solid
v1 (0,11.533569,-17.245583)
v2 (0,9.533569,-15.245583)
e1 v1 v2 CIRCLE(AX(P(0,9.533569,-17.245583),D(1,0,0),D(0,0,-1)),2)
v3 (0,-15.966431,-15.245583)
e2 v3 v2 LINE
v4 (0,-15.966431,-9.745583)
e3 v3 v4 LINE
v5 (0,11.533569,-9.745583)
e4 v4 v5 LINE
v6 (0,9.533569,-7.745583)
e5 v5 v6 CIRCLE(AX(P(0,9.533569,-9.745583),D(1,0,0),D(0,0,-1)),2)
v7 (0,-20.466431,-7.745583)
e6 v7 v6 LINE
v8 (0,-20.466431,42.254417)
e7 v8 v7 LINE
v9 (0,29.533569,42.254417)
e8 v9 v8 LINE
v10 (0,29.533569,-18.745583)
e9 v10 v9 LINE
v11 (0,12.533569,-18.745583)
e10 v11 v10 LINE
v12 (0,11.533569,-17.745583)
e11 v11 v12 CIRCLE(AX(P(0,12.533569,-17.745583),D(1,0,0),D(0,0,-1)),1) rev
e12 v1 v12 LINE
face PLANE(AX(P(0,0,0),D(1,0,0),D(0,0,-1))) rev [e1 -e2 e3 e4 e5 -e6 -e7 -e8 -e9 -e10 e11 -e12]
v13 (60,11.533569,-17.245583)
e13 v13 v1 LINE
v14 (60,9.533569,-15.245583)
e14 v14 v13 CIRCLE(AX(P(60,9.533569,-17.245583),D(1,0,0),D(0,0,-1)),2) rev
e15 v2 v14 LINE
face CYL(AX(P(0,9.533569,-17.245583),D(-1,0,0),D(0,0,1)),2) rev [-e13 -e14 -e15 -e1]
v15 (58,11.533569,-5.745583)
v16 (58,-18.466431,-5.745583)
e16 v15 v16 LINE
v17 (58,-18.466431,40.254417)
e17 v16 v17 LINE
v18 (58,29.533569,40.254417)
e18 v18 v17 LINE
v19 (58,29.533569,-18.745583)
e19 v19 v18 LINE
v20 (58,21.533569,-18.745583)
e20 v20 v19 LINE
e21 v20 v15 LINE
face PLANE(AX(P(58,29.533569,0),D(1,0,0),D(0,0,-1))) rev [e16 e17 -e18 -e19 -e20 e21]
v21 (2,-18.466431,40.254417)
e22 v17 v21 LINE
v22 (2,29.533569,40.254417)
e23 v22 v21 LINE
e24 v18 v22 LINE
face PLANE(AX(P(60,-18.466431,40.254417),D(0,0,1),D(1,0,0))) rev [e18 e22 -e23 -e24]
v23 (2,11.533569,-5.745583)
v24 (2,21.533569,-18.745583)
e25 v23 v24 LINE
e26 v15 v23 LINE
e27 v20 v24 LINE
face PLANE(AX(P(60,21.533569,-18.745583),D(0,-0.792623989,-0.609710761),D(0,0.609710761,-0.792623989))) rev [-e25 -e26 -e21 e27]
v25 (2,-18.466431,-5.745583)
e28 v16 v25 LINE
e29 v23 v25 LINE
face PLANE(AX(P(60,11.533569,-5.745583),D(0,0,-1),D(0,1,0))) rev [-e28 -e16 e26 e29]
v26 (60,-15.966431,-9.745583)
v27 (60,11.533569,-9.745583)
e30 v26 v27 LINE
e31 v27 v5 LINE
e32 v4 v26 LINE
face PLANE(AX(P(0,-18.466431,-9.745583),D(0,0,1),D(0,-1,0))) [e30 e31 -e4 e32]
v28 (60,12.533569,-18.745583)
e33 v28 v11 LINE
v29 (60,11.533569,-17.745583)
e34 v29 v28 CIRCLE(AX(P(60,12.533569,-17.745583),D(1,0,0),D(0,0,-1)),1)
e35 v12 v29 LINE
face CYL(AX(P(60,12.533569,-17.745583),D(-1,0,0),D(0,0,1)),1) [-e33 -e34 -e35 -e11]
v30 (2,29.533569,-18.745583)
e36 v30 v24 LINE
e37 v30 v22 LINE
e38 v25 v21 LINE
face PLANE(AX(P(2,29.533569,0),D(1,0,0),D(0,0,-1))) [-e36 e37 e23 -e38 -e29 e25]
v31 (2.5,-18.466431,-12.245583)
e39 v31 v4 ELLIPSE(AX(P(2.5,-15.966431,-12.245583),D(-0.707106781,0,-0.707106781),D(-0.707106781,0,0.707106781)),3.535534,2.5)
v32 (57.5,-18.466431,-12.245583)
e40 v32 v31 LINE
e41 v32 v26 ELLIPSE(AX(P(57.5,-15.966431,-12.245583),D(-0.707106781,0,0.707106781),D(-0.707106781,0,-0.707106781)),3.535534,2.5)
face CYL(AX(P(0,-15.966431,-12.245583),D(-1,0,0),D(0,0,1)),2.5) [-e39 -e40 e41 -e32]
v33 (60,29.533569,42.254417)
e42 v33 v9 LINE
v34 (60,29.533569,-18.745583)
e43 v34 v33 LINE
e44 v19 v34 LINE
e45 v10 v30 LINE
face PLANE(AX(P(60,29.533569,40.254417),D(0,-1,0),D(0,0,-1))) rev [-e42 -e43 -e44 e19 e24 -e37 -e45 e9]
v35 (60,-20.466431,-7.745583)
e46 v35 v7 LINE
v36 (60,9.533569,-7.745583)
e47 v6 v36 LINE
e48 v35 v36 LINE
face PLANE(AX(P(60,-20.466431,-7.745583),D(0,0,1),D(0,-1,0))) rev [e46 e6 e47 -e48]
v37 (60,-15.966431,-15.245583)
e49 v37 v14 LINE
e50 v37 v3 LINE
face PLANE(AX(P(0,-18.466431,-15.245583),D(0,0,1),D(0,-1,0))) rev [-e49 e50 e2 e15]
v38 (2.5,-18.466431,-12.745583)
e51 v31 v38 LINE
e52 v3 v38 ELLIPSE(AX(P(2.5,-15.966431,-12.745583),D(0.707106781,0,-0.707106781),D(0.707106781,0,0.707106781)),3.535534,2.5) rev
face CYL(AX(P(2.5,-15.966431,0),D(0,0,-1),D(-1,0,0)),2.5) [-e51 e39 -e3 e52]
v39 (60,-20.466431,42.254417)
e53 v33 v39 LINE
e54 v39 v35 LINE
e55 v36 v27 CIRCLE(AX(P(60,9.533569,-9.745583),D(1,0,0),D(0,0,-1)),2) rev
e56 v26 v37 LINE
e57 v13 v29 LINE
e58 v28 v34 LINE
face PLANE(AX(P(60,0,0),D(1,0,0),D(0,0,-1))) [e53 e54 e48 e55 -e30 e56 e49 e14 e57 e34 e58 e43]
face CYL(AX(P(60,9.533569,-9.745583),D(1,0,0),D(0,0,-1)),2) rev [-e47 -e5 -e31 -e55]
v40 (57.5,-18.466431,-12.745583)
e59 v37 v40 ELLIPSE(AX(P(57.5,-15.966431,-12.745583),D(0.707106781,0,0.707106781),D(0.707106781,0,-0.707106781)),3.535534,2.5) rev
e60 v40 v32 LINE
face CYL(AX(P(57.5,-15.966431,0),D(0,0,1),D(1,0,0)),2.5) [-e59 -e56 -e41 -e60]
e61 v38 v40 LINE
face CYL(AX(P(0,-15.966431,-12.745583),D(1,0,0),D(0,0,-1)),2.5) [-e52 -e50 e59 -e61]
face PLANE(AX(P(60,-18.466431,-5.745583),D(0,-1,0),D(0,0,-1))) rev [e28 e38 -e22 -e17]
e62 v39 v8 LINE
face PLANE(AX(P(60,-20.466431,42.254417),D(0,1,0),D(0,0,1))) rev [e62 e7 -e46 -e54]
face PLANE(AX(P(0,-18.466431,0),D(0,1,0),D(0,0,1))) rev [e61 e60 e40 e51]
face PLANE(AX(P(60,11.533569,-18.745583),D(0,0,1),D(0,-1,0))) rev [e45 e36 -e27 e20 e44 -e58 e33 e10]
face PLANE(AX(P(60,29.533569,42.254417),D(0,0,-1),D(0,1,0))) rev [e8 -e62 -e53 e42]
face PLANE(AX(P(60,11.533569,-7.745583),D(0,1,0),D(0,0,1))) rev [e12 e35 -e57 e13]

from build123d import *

# Parameters (mm, degrees)
EXTRUDE_1_DEPTH = 60
FILLET_1_R      = 2
SKETCH_2_W      = 60
SKETCH_2_H      = 5.5
EXTRUDE_2_DEPTH = 30
FILLET_3_R      = 2
SKETCH_3_W      = 2
SKETCH_3_H      = 46
EXTRUDE_3_DEPTH = 48
SKETCH_4_W      = 2
SKETCH_4_H      = 18
EXTRUDE_4_DEPTH = 13
SKETCH_5_W      = 2
SKETCH_5_H      = 18
EXTRUDE_5_DEPTH = 13
FILLET_4_R      = 1
FILLET_5_R      = 2.5


with BuildPart() as part:
    # 草圖1 → 填料-伸長1 (new body)
    with BuildSketch(Plane(origin=(0, 0, 0), x_dir=(0, 0, -1), z_dir=(1, 0, 0))):
        Polygon((-42.254416961, 29.533568905), (-42.254416961, -20.466431095), (7.745583039, -20.466431095), (7.745583039, 11.533568905), (18.745583039, 11.533568905), (18.745583039, 21.533568905), (5.745583039, 11.533568905), (5.745583039, -18.466431095), (-40.254416961, -18.466431095), (-40.254416961, 29.533568905), align=None)
    extrude(amount=EXTRUDE_1_DEPTH)

    # 圓角1
    fillet_1_edges = [part.edges().sort_by_distance(p)[0] for p in [
        (30, 11.533568905, -7.745583039),
    ]]
    fillet(fillet_1_edges, radius=FILLET_1_R)

    # 草圖2 → 填料-伸長2 (add)
    with BuildSketch(Plane.XZ.offset(-11.533568905)):
        with Locations((30, -12.495583039)):
            Rectangle(SKETCH_2_W, SKETCH_2_H)
    extrude(amount=EXTRUDE_2_DEPTH)

    # 圓角3
    fillet_3_edges = [part.edges().sort_by_distance(p)[0] for p in [
        (30, 11.533568905, -15.245583039),
    ]]
    fillet(fillet_3_edges, radius=FILLET_3_R)

    # 草圖3 → 填料-伸長3 (add)
    with BuildSketch(Plane(origin=(0, -18.466431095, 0), x_dir=(1, 0, 0), z_dir=(0, 1, 0))):
        with Locations((1, -17.254416961)):
            Rectangle(SKETCH_3_W, SKETCH_3_H)
        with Locations((59, -17.254416961)):
            Rectangle(SKETCH_3_W, SKETCH_3_H)
    extrude(amount=EXTRUDE_3_DEPTH)

    # 草圖4 → 填料-伸長4 (add)
    with BuildSketch(Plane(origin=(0, 0, -5.745583039), x_dir=(-1, 0, 0), z_dir=(0, 0, -1))):
        with Locations((-1, 20.533568905)):
            Rectangle(SKETCH_4_W, SKETCH_4_H)
    extrude(amount=EXTRUDE_4_DEPTH)

    # 草圖5 → 填料-伸長5 (add)
    with BuildSketch(Plane(origin=(0, 0, -5.745583039), x_dir=(-1, 0, 0), z_dir=(0, 0, -1))):
        with Locations((-59, 20.533568905)):
            Rectangle(SKETCH_5_W, SKETCH_5_H)
    extrude(amount=EXTRUDE_5_DEPTH)

    # 圓角4
    fillet_4_edges = [part.edges().sort_by_distance(p)[0] for p in [
        (30, 11.533568905, -18.745583039),
    ]]
    fillet(fillet_4_edges, radius=FILLET_4_R)

    # 圓角5
    fillet_5_edges = [part.edges().sort_by_distance(p)[0] for p in [
        (60, -18.466431095, -12.495583039),
        (30, -18.466431095, -9.745583039),
        (30, -18.466431095, -15.245583039),
        (0, -18.466431095, -12.495583039),
    ]]
    fillet(fillet_5_edges, radius=FILLET_5_R)


solid = part.part
